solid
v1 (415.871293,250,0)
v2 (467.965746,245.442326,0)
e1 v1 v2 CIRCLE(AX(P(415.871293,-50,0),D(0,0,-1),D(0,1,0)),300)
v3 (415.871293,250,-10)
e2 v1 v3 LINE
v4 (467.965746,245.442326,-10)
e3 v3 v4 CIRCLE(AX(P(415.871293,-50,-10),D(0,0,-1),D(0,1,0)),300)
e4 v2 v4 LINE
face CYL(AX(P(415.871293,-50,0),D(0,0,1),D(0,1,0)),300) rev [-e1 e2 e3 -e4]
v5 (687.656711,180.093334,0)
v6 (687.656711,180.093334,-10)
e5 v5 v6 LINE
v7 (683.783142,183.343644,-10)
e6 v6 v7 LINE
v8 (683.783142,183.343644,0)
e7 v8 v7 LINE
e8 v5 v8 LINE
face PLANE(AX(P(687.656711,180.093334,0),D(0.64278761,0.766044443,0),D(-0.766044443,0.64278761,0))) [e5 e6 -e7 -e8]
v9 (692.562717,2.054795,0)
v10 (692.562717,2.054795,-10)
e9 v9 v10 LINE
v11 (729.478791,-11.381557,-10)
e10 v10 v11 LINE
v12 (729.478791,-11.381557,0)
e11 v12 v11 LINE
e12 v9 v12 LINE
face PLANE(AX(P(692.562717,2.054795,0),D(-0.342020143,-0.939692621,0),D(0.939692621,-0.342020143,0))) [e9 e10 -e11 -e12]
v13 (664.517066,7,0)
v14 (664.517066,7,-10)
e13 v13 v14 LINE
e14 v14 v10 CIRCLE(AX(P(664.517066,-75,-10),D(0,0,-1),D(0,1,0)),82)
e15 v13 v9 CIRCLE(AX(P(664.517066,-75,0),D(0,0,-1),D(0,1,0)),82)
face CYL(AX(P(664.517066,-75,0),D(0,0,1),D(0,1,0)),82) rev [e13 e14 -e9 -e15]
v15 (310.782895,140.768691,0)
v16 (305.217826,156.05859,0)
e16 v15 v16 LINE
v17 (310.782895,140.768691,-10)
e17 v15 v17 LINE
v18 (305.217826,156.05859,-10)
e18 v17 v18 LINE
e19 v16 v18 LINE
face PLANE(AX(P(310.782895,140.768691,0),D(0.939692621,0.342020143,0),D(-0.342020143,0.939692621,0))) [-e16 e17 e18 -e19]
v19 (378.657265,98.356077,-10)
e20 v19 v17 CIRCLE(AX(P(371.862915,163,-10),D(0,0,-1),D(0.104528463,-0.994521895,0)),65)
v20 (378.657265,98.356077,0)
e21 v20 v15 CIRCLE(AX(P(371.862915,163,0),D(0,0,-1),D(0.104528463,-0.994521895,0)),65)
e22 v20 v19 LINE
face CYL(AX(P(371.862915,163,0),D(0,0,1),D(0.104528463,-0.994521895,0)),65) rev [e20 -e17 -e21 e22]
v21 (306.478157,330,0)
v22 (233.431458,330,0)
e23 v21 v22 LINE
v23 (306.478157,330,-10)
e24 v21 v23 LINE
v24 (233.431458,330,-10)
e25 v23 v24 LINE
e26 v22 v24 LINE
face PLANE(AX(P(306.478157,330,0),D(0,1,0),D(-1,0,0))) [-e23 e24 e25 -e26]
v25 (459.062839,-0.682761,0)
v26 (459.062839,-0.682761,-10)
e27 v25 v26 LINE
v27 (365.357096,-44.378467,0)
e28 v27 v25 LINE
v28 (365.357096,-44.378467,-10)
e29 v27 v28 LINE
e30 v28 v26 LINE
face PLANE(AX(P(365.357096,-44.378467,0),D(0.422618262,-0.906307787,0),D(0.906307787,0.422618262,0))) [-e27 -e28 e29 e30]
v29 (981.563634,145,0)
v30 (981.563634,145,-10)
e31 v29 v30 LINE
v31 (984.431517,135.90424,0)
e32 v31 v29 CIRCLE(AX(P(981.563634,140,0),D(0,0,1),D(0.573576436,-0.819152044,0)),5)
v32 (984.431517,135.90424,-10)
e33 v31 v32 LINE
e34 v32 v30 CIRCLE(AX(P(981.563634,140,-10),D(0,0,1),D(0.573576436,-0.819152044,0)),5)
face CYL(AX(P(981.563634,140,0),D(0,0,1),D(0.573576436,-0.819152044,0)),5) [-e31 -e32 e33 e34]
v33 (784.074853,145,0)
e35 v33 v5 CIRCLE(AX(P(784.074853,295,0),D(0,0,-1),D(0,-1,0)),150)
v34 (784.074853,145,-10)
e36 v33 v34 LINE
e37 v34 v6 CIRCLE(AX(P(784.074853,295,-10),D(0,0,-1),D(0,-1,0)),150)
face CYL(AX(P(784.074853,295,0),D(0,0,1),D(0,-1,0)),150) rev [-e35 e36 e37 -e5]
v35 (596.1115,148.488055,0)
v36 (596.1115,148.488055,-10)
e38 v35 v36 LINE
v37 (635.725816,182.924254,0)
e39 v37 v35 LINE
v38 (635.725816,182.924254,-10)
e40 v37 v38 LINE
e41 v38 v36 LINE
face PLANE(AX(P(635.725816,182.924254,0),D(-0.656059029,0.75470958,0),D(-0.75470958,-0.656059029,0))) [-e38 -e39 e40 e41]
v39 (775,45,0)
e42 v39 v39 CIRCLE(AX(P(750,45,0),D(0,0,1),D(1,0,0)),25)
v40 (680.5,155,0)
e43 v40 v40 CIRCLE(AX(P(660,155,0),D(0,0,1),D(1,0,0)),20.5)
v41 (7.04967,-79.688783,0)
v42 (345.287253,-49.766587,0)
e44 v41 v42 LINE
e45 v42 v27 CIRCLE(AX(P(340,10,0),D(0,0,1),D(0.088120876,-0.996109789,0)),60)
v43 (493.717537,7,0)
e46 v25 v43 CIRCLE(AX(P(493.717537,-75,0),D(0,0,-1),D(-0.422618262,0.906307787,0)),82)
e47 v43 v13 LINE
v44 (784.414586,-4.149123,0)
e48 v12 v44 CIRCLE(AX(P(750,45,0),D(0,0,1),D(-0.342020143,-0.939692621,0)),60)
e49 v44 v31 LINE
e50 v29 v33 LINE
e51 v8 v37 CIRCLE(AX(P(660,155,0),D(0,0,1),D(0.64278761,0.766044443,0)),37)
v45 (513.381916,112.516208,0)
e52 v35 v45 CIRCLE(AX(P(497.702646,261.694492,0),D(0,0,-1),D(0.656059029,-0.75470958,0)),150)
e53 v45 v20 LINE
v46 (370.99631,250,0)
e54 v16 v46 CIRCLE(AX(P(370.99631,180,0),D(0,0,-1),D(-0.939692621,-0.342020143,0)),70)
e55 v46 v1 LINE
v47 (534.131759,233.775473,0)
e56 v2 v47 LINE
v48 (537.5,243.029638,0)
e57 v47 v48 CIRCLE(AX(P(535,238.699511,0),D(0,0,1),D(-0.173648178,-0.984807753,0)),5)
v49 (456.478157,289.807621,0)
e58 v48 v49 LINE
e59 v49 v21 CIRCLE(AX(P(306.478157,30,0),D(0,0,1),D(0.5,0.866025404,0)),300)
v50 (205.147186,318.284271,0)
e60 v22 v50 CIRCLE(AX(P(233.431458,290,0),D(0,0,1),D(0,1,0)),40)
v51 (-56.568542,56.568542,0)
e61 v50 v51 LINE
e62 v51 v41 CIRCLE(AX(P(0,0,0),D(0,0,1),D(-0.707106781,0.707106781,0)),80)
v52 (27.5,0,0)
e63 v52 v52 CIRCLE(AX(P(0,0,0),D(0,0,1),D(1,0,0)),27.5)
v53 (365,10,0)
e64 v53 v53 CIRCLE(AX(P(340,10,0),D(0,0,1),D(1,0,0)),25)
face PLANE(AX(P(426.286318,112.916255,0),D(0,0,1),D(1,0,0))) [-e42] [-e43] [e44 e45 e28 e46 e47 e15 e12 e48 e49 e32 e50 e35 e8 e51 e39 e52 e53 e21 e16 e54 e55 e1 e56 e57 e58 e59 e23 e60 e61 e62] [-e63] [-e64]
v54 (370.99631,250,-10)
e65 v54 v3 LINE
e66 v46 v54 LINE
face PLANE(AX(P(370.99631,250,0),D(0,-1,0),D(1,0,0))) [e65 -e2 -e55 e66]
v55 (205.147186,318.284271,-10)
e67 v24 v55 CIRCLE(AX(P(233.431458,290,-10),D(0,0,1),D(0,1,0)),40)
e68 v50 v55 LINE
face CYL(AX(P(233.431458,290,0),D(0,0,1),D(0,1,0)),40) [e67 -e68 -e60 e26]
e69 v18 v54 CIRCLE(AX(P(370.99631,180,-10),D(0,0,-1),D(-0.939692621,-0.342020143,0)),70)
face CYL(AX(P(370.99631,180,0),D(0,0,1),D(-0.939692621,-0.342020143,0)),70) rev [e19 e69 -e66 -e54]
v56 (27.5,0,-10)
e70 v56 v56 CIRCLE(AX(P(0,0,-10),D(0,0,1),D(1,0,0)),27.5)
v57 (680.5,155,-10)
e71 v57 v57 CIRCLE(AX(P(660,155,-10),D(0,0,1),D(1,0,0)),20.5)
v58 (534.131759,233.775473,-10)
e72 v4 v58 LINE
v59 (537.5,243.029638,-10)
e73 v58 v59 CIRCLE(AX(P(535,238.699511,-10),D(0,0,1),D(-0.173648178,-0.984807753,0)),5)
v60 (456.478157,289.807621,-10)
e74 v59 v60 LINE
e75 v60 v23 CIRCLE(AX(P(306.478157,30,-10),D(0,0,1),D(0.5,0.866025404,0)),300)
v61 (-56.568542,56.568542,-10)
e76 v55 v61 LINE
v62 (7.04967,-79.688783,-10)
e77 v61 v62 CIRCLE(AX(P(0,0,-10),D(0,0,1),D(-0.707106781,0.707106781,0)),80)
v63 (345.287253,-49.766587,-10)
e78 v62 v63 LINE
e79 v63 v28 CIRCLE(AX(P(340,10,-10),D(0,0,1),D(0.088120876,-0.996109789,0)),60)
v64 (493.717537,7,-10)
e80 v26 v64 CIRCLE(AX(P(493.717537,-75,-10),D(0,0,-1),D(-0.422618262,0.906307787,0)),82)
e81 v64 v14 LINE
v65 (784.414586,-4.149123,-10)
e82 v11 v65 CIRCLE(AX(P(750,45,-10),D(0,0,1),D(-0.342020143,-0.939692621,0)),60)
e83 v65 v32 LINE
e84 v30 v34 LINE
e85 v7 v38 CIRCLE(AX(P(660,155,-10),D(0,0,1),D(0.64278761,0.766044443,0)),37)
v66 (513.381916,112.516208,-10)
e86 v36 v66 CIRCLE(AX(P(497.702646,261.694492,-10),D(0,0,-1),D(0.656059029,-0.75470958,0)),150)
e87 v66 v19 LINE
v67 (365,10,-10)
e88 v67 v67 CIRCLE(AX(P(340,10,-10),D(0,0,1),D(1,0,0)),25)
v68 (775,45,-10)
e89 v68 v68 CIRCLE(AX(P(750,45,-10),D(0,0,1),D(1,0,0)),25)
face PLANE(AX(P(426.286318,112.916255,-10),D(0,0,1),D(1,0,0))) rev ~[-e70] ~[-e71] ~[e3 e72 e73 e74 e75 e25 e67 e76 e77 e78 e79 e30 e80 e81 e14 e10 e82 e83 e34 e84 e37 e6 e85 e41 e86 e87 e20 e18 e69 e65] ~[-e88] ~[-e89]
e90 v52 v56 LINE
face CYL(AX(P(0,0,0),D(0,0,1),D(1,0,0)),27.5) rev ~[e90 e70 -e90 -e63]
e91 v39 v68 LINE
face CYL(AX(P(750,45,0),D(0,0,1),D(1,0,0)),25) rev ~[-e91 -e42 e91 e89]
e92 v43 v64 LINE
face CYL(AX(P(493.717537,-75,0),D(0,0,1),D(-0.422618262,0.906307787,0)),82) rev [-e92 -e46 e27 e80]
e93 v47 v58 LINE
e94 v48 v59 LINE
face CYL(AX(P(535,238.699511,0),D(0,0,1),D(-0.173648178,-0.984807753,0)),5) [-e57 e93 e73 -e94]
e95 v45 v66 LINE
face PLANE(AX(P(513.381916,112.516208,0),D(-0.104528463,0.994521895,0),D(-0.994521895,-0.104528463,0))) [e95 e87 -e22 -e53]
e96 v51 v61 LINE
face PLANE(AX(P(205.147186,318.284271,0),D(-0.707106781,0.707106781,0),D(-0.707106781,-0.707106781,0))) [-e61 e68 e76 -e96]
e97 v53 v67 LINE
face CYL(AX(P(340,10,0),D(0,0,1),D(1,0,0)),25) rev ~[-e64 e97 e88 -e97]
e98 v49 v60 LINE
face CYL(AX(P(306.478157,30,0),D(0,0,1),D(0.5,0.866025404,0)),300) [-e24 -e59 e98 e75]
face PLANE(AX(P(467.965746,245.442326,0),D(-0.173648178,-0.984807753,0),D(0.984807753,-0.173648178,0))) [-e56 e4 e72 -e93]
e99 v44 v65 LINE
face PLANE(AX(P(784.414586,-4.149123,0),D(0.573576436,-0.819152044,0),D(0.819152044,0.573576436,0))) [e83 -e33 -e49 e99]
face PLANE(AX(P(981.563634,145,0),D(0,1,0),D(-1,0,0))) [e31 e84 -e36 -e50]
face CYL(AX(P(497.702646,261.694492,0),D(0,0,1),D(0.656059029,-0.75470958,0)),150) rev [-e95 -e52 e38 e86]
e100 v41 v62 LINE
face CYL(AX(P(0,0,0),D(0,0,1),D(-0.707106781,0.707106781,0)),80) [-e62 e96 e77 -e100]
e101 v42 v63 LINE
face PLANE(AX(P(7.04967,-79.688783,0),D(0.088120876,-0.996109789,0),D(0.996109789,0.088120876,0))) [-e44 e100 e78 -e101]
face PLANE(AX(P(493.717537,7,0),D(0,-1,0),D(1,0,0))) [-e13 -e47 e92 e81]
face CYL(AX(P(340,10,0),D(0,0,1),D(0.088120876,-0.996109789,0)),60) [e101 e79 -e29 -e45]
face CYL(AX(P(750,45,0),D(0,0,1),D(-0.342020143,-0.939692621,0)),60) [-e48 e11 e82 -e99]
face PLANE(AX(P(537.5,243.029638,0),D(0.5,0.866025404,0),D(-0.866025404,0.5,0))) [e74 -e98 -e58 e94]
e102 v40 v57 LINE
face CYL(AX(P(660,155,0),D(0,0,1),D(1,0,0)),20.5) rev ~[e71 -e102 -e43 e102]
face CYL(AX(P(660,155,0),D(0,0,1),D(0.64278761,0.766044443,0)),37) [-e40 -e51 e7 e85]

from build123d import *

# Parameters (mm, degrees)
SKETCH1_R          = 27.5
SKETCH1_R_2        = 25
SKETCH1_R_3        = 20.5
BASE_EXTRUDE_DEPTH = 10


with BuildPart() as part:
    # Sketch1 → Base-Extrude (new body)
    with BuildSketch(Plane.XY):
        with BuildLine():
            Line((7.049670091, -79.688783098), (345.287252568, -49.766587323))
            ThreePointArc((345.287252568, -49.766587323), (355.557216326, -47.948019985), (365.357095704, -44.378467222))
            Line((365.357095704, -44.378467222), (459.062839102, -0.682761463))
            ThreePointArc((459.062839102, -0.682761463), (475.969488221, 5.056272584), (493.717536564, 7))
            Line((493.717536564, 7), (664.517065511, 7))
            ThreePointArc((664.517065511, 7), (678.75621608, 5.754235747), (692.562717264, 2.054794904))
            Line((692.562717264, 2.054794904), (729.4787914, -11.381557247))
            ThreePointArc((729.4787914, -11.381557247), (757.831571533, -14.486691682), (784.414586181, -4.149122657))
            Line((784.414586181, -4.149122657), (984.431516581, 135.904239779))
            ThreePointArc((984.431516581, 135.904239779), (986.332219153, 141.503528998), (981.5636344, 145))
            Line((981.5636344, 145), (784.07485266, 145))
            ThreePointArc((784.07485266, 145), (732.771831161, 154.046106882), (687.656711207, 180.093333532))
            Line((687.656711207, 180.093333532), (683.783141558, 183.343644395))
            ThreePointArc((683.783141558, 183.343644395), (659.677118187, 191.998591153), (635.725815927, 182.924254468))
            Line((635.725815927, 182.924254468), (596.111500497, 148.488055437))
            ThreePointArc((596.111500497, 148.488055437), (557.515006487, 124.135481312), (513.381915638, 112.516208165))
            Line((513.381915638, 112.516208165), (378.657265123, 98.356076801))
            ThreePointArc((378.657265123, 98.356076801), (337.418162835, 107.87687375), (310.782894659, 140.768690684))
            Line((310.782894659, 140.768690684), (305.217826435, 156.058589967))
            ThreePointArc((305.217826435, 156.058589967), (313.65566679, 220.150350545), (370.99630989, 250))
            Line((370.99630989, 250), (415.871293046, 250))
            ThreePointArc((415.871293046, 250), (442.01801587, 248.858409428), (467.965746346, 245.442325904))
            Line((467.965746346, 245.442325904), (534.131759112, 233.775472647))
            ThreePointArc((534.131759112, 233.775472647), (539.698463104, 236.989410696), (537.5, 243.029638431))
            Line((537.5, 243.029638431), (456.478157281, 289.807621135))
            ThreePointArc((456.478157281, 289.807621135), (384.123870812, 319.777747887), (306.478157281, 330))
            Line((306.478157281, 330), (233.431457505, 330))
            ThreePointArc((233.431457505, 330), (218.12412021, 326.9551813), (205.147186258, 318.284271247))
            Line((205.147186258, 318.284271247), (-56.568542495, 56.568542495))
            ThreePointArc((-56.568542495, 56.568542495), (-72.488236118, -33.844580431), (7.049670091, -79.688783098))
        make_face()
        Circle(SKETCH1_R, mode=Mode.SUBTRACT)
        with Locations((340, 10)):
            Circle(SKETCH1_R_2, mode=Mode.SUBTRACT)
        with Locations((750, 45)):
            Circle(SKETCH1_R_2, mode=Mode.SUBTRACT)
        with Locations((660, 155)):
            Circle(SKETCH1_R_3, mode=Mode.SUBTRACT)
    extrude(amount=-BASE_EXTRUDE_DEPTH)


solid = part.part
